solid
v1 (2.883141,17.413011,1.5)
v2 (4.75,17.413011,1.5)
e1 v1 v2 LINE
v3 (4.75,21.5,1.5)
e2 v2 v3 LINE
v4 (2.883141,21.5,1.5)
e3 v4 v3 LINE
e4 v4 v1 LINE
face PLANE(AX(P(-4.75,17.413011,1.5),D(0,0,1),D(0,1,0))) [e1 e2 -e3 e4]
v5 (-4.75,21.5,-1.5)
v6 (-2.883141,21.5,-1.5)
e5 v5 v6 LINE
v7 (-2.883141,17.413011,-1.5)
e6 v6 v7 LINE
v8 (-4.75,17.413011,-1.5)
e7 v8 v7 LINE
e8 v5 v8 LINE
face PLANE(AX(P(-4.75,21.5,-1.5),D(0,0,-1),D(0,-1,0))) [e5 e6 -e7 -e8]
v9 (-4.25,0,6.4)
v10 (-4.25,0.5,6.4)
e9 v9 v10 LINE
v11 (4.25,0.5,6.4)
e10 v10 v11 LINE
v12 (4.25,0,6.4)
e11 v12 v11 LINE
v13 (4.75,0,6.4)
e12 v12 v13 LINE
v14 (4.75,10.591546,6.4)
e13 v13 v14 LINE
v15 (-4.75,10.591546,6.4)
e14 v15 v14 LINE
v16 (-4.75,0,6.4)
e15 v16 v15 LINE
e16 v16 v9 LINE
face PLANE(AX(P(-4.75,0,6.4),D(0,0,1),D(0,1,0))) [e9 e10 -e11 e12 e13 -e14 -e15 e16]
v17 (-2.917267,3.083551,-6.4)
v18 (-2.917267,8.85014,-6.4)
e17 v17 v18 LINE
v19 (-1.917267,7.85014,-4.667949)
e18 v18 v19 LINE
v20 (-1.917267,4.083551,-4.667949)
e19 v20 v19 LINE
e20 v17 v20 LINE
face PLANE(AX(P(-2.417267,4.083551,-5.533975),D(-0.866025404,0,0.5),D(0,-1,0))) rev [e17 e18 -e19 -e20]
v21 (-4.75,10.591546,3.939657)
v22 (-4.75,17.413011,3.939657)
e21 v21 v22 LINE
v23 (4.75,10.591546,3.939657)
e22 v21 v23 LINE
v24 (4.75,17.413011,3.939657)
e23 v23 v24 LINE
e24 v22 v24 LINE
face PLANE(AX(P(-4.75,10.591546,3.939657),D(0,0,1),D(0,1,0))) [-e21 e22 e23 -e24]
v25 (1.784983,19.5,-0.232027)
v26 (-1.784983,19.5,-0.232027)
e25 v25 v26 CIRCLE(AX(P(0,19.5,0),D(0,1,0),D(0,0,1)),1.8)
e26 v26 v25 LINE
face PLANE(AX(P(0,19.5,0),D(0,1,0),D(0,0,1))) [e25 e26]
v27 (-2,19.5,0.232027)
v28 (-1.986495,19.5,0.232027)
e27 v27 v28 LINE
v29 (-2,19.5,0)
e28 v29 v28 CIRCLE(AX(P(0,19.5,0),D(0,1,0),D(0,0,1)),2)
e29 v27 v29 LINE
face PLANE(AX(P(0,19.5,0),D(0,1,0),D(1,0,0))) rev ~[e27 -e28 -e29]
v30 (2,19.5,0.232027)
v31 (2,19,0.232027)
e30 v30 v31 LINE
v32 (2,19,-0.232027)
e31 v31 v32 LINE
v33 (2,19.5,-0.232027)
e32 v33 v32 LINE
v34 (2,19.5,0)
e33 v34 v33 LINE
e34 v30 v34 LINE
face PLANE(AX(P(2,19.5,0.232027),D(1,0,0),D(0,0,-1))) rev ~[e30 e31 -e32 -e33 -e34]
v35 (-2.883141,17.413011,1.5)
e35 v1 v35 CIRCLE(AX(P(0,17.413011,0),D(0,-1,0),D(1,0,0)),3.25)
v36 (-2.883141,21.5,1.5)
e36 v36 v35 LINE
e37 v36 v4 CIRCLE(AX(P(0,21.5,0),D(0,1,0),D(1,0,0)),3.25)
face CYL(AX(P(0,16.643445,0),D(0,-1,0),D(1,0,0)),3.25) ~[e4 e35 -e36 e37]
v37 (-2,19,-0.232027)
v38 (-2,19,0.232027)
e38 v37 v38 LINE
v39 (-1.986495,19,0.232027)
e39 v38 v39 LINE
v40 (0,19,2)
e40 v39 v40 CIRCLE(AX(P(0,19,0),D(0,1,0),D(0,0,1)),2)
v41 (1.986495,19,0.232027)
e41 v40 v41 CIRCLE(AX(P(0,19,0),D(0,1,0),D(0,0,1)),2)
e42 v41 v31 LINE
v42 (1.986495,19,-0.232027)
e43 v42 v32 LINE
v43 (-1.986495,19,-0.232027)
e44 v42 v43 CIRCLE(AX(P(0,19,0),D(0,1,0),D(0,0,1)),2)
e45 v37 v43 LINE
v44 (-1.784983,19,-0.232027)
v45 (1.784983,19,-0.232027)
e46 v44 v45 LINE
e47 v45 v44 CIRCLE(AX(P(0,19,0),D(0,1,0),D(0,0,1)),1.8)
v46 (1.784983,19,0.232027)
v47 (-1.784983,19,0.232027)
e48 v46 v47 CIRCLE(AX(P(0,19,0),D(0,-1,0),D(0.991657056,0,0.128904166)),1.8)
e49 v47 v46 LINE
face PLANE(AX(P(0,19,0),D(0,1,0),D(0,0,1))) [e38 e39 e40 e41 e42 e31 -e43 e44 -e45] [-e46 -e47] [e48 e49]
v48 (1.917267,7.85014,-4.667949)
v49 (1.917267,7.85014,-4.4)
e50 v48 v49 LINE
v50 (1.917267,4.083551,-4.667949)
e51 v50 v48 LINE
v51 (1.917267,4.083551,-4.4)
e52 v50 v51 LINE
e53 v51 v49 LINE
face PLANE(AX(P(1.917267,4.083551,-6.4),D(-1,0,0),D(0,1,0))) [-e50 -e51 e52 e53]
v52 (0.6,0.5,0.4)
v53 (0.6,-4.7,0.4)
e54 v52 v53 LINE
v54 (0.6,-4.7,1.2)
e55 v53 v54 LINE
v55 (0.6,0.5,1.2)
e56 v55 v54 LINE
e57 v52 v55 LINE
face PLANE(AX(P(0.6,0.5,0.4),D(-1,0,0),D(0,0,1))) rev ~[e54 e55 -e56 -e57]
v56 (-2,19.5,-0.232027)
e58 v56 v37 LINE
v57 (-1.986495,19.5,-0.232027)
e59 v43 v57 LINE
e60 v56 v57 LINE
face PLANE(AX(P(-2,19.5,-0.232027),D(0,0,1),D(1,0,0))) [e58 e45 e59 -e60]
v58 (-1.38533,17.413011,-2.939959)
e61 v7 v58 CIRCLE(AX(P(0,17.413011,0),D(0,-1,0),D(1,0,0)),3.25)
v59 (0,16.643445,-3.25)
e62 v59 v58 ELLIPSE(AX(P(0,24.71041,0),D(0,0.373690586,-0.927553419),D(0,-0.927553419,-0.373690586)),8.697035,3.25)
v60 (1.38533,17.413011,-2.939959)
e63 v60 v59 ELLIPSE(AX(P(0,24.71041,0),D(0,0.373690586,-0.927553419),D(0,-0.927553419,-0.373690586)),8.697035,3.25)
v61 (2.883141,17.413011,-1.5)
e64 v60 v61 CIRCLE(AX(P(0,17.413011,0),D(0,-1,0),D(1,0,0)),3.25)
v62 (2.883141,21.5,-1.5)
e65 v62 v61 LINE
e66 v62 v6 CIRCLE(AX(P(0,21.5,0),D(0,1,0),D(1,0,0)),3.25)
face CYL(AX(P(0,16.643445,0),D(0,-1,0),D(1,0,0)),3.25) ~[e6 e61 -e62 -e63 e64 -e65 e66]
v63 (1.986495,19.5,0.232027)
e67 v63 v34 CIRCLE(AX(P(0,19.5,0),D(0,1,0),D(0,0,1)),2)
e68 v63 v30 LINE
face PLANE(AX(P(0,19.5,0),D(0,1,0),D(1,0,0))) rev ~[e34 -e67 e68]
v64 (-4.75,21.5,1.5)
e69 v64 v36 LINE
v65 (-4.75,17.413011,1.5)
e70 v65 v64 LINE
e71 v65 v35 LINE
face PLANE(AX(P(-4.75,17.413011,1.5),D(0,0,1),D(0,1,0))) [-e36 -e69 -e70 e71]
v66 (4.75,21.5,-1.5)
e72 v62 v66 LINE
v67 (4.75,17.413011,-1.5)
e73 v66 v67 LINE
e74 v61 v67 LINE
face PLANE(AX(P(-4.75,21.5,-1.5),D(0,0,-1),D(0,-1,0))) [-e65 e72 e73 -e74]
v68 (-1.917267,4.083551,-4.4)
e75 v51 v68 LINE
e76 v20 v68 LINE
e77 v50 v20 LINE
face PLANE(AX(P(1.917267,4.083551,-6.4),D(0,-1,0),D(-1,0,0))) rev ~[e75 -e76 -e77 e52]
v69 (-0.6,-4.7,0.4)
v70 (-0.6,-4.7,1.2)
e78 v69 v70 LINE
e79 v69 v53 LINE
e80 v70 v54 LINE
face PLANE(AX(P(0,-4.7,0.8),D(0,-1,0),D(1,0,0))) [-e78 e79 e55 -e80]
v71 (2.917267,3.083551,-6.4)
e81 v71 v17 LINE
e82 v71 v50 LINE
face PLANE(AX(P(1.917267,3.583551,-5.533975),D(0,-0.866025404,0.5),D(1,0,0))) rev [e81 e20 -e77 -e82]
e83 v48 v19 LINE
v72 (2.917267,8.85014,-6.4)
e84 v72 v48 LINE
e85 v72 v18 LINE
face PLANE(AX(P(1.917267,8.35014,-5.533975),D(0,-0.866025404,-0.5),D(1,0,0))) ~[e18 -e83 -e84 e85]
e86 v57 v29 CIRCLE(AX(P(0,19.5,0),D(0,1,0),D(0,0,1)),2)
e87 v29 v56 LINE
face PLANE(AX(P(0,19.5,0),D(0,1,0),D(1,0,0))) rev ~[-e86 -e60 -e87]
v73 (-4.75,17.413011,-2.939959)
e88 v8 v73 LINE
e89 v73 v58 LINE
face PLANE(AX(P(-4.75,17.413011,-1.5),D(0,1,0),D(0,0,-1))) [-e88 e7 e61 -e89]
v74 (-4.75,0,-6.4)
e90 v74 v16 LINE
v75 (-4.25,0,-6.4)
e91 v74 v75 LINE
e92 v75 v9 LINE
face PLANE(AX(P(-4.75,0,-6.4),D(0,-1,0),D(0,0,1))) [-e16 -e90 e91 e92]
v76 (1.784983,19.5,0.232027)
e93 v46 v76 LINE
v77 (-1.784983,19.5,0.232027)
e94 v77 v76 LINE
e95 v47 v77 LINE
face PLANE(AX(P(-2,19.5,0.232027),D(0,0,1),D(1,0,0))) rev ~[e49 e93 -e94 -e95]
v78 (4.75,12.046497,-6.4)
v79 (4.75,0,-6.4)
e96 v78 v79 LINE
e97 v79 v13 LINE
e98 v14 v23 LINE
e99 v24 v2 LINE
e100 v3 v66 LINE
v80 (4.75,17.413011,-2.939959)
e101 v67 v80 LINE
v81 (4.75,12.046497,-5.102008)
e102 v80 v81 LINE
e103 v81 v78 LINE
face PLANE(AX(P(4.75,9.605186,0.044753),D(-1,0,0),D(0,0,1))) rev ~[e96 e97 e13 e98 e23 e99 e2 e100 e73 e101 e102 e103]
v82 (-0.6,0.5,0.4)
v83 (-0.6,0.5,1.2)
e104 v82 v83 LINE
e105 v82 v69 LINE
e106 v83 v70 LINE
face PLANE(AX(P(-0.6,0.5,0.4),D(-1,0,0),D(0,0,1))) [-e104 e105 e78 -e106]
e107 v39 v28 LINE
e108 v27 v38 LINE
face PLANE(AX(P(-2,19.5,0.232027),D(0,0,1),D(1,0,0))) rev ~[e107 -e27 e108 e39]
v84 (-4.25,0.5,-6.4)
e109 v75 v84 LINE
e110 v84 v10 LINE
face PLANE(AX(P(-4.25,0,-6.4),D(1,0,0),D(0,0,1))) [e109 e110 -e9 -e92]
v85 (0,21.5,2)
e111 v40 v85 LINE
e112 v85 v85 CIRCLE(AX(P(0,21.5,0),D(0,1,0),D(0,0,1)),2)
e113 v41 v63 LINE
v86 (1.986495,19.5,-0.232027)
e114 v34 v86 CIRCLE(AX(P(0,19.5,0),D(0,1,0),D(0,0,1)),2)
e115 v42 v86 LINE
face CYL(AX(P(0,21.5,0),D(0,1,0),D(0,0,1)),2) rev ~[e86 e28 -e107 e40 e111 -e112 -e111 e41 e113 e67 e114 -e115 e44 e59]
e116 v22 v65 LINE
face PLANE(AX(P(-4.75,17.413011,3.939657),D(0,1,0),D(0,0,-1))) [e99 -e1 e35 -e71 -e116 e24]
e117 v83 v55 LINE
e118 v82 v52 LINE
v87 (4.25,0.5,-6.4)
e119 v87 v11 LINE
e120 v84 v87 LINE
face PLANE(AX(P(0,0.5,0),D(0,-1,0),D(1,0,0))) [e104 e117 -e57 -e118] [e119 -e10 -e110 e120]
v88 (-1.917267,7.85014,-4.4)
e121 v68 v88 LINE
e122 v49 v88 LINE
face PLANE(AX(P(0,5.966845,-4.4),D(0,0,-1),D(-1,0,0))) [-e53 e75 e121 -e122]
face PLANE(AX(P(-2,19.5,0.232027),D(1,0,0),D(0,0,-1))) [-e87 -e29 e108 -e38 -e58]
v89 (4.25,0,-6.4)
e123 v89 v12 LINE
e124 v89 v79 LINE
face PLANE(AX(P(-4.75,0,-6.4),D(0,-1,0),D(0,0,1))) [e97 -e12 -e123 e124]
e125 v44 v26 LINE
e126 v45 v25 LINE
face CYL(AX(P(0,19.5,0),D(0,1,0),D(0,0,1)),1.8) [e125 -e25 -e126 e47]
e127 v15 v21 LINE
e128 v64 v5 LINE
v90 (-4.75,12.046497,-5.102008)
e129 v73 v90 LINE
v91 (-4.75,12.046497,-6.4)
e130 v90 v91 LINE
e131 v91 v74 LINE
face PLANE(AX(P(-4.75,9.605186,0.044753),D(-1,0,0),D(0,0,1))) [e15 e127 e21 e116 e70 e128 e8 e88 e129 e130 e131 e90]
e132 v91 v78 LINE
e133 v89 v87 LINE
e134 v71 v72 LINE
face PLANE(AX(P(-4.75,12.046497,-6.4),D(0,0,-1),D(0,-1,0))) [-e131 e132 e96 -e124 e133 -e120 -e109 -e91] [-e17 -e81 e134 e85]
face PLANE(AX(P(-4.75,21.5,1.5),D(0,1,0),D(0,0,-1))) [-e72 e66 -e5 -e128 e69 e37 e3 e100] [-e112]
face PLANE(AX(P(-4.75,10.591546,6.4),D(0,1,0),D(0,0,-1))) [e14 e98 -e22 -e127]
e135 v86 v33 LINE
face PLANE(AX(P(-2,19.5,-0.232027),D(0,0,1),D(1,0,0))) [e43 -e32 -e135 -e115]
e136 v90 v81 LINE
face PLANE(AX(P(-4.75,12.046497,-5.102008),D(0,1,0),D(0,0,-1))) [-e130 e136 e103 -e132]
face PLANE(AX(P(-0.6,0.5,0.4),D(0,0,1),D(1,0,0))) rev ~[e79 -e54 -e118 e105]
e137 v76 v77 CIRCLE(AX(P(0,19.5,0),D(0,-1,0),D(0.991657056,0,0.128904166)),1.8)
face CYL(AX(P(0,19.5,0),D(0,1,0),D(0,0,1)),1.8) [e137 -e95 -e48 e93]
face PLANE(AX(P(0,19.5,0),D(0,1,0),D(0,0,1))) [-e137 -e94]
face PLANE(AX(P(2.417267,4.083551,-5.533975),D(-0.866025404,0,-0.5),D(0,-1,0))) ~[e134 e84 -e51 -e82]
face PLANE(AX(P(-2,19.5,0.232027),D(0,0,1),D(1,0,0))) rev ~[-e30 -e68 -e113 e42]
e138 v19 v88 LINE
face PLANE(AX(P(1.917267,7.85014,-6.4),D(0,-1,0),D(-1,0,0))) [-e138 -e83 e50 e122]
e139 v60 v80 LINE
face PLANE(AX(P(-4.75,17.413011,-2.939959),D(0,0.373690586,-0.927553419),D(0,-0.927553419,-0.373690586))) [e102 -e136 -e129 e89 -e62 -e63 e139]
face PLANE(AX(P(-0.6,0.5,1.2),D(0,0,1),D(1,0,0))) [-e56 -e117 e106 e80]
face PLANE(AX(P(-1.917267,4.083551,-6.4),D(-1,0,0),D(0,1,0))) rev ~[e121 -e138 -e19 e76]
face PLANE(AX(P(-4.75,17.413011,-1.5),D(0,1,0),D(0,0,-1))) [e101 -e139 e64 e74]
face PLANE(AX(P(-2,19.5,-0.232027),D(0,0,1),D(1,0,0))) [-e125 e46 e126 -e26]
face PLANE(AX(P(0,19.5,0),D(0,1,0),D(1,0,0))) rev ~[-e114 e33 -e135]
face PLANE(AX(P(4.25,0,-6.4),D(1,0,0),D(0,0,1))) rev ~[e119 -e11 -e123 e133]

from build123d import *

# Parameters (mm, degrees)
EXTRUDE_1_DEPTH      = 4.75
EXTRUDE_1_DEPTH_BACK = 4.75
EXTRUDE_START        = -4.856555
SKETCH_3_R           = 3.25
EXTRUDE_2_DEPTH      = 4.856555
SKETCH_4_R           = 2
CUT_EXTRUDE_1_DEPTH  = 2
SKETCH_7_R           = 2
SKETCH_7_R_2         = 1.8
CUT_EXTRUDE_5_DEPTH  = 0.5
SKETCH_5_W           = 4
SKETCH_5_H           = 0.464054996
CUT_EXTRUDE_2_DEPTH  = 0.5
SKETCH_8_W           = 3.834533928
SKETCH_8_H           = 3.766589268
CUT_EXTRUDE_6_DEPTH  = 2
CHAMFER_1_SIZE       = 1
CHAMFER_1_SIZE2      = 1.732050808
SKETCH_9_W           = 8.5
SKETCH_9_H           = 12.8
CUT_EXTRUDE_7_DEPTH  = 0.5
SKETCH_10_W          = 1.2
SKETCH_10_H          = 0.8
EXTRUDE_4_DEPTH      = 5.2


with BuildPart() as part:
    # 草图2 → 凸台-拉伸1 (new, two sides: drawn at the far end of the back side and taken through both)
    with BuildSketch(Plane(origin=(0, 0, 0), x_dir=(0, 0, -1), z_dir=(1, 0, 0)).offset(-EXTRUDE_1_DEPTH_BACK)):
        Polygon((6.4, 0), (-6.4, 0), (-6.4, 10.591546325), (-3.93965691, 10.591546325), (-3.93965691, 17.413010672), (-1.5, 17.413010672), (-1.5, 21.5), (1.5, 21.5), (1.5, 17.413010672), (2.939959322, 17.413010672), (5.102008026, 12.046496925), (6.4, 12.046496925), align=None)
    extrude(amount=EXTRUDE_1_DEPTH + EXTRUDE_1_DEPTH_BACK)

    # 草图3 → 凸台-拉伸2 (add)
    with BuildSketch(Plane(origin=(0, 21.5, 0), x_dir=(1, 0, 0), z_dir=(0, 1, 0)).offset(EXTRUDE_START)):
        Circle(SKETCH_3_R)
    extrude(amount=EXTRUDE_2_DEPTH)

    # 草图4 → 切除-拉伸1 (cut)
    with BuildSketch(Plane(origin=(0, 21.5, 0), x_dir=(1, 0, 0), z_dir=(0, 1, 0))):
        with Locations(Location((0, 0, 0), (0, 0, 270))):
            Circle(SKETCH_4_R)
    extrude(amount=-CUT_EXTRUDE_1_DEPTH, mode=Mode.SUBTRACT)

    # 草图7 → 切除-拉伸5 (cut)
    with BuildSketch(Plane(origin=(0, 19.5, 0), x_dir=(1, 0, 0), z_dir=(0, 1, 0))):
        with Locations(Location((0, 0, 0), (0, 0, 270))):
            Circle(SKETCH_7_R)
        with Locations(Location((0, 0, 0), (0, 0, 270))):
            Circle(SKETCH_7_R_2, mode=Mode.SUBTRACT)
    extrude(amount=-CUT_EXTRUDE_5_DEPTH, mode=Mode.SUBTRACT)

    # 草图5 → 切除-拉伸2 (cut)
    with BuildSketch(Plane(origin=(0, 19.5, 0), x_dir=(1, 0, 0), z_dir=(0, 1, 0))):
        Rectangle(SKETCH_5_W, SKETCH_5_H)
    extrude(amount=-CUT_EXTRUDE_2_DEPTH, mode=Mode.SUBTRACT)

    # 草图8 → 切除-拉伸6 (cut)
    with BuildSketch(Plane(origin=(0, 0, -6.4), x_dir=(-1, 0, 0), z_dir=(0, 0, -1))):
        with Locations((0, 5.966845297)):
            Rectangle(SKETCH_8_W, SKETCH_8_H)
    extrude(amount=-CUT_EXTRUDE_6_DEPTH, mode=Mode.SUBTRACT)

    # 倒角1
    chamfer_1_edges = [part.edges().sort_by_distance(p)[0] for p in [
        (1.917266964, 5.966845297, -6.4),
        (0, 4.083550663, -6.4),
        (-1.917266964, 5.966845297, -6.4),
        (0, 7.850139931, -6.4),
    ]]
    chamfer_1_side = [part.faces().sort_by_distance(p)[0] for p in [
        (4.596582893, 6.023248462, -6.4),
    ]]
    chamfer(chamfer_1_edges, length=CHAMFER_1_SIZE, length2=CHAMFER_1_SIZE2, reference=chamfer_1_side[0])

    # 草图9 → 切除-拉伸7 (cut)
    with BuildSketch(Plane.XZ):
        Rectangle(SKETCH_9_W, SKETCH_9_H)
    extrude(amount=-CUT_EXTRUDE_7_DEPTH, mode=Mode.SUBTRACT)

    # 草图10 → 凸台-拉伸4 (add)
    with BuildSketch(Plane.XZ.offset(-0.5)):
        with Locations((0, 0.8)):
            Rectangle(SKETCH_10_W, SKETCH_10_H)
    extrude(amount=EXTRUDE_4_DEPTH)


solid = part.part
